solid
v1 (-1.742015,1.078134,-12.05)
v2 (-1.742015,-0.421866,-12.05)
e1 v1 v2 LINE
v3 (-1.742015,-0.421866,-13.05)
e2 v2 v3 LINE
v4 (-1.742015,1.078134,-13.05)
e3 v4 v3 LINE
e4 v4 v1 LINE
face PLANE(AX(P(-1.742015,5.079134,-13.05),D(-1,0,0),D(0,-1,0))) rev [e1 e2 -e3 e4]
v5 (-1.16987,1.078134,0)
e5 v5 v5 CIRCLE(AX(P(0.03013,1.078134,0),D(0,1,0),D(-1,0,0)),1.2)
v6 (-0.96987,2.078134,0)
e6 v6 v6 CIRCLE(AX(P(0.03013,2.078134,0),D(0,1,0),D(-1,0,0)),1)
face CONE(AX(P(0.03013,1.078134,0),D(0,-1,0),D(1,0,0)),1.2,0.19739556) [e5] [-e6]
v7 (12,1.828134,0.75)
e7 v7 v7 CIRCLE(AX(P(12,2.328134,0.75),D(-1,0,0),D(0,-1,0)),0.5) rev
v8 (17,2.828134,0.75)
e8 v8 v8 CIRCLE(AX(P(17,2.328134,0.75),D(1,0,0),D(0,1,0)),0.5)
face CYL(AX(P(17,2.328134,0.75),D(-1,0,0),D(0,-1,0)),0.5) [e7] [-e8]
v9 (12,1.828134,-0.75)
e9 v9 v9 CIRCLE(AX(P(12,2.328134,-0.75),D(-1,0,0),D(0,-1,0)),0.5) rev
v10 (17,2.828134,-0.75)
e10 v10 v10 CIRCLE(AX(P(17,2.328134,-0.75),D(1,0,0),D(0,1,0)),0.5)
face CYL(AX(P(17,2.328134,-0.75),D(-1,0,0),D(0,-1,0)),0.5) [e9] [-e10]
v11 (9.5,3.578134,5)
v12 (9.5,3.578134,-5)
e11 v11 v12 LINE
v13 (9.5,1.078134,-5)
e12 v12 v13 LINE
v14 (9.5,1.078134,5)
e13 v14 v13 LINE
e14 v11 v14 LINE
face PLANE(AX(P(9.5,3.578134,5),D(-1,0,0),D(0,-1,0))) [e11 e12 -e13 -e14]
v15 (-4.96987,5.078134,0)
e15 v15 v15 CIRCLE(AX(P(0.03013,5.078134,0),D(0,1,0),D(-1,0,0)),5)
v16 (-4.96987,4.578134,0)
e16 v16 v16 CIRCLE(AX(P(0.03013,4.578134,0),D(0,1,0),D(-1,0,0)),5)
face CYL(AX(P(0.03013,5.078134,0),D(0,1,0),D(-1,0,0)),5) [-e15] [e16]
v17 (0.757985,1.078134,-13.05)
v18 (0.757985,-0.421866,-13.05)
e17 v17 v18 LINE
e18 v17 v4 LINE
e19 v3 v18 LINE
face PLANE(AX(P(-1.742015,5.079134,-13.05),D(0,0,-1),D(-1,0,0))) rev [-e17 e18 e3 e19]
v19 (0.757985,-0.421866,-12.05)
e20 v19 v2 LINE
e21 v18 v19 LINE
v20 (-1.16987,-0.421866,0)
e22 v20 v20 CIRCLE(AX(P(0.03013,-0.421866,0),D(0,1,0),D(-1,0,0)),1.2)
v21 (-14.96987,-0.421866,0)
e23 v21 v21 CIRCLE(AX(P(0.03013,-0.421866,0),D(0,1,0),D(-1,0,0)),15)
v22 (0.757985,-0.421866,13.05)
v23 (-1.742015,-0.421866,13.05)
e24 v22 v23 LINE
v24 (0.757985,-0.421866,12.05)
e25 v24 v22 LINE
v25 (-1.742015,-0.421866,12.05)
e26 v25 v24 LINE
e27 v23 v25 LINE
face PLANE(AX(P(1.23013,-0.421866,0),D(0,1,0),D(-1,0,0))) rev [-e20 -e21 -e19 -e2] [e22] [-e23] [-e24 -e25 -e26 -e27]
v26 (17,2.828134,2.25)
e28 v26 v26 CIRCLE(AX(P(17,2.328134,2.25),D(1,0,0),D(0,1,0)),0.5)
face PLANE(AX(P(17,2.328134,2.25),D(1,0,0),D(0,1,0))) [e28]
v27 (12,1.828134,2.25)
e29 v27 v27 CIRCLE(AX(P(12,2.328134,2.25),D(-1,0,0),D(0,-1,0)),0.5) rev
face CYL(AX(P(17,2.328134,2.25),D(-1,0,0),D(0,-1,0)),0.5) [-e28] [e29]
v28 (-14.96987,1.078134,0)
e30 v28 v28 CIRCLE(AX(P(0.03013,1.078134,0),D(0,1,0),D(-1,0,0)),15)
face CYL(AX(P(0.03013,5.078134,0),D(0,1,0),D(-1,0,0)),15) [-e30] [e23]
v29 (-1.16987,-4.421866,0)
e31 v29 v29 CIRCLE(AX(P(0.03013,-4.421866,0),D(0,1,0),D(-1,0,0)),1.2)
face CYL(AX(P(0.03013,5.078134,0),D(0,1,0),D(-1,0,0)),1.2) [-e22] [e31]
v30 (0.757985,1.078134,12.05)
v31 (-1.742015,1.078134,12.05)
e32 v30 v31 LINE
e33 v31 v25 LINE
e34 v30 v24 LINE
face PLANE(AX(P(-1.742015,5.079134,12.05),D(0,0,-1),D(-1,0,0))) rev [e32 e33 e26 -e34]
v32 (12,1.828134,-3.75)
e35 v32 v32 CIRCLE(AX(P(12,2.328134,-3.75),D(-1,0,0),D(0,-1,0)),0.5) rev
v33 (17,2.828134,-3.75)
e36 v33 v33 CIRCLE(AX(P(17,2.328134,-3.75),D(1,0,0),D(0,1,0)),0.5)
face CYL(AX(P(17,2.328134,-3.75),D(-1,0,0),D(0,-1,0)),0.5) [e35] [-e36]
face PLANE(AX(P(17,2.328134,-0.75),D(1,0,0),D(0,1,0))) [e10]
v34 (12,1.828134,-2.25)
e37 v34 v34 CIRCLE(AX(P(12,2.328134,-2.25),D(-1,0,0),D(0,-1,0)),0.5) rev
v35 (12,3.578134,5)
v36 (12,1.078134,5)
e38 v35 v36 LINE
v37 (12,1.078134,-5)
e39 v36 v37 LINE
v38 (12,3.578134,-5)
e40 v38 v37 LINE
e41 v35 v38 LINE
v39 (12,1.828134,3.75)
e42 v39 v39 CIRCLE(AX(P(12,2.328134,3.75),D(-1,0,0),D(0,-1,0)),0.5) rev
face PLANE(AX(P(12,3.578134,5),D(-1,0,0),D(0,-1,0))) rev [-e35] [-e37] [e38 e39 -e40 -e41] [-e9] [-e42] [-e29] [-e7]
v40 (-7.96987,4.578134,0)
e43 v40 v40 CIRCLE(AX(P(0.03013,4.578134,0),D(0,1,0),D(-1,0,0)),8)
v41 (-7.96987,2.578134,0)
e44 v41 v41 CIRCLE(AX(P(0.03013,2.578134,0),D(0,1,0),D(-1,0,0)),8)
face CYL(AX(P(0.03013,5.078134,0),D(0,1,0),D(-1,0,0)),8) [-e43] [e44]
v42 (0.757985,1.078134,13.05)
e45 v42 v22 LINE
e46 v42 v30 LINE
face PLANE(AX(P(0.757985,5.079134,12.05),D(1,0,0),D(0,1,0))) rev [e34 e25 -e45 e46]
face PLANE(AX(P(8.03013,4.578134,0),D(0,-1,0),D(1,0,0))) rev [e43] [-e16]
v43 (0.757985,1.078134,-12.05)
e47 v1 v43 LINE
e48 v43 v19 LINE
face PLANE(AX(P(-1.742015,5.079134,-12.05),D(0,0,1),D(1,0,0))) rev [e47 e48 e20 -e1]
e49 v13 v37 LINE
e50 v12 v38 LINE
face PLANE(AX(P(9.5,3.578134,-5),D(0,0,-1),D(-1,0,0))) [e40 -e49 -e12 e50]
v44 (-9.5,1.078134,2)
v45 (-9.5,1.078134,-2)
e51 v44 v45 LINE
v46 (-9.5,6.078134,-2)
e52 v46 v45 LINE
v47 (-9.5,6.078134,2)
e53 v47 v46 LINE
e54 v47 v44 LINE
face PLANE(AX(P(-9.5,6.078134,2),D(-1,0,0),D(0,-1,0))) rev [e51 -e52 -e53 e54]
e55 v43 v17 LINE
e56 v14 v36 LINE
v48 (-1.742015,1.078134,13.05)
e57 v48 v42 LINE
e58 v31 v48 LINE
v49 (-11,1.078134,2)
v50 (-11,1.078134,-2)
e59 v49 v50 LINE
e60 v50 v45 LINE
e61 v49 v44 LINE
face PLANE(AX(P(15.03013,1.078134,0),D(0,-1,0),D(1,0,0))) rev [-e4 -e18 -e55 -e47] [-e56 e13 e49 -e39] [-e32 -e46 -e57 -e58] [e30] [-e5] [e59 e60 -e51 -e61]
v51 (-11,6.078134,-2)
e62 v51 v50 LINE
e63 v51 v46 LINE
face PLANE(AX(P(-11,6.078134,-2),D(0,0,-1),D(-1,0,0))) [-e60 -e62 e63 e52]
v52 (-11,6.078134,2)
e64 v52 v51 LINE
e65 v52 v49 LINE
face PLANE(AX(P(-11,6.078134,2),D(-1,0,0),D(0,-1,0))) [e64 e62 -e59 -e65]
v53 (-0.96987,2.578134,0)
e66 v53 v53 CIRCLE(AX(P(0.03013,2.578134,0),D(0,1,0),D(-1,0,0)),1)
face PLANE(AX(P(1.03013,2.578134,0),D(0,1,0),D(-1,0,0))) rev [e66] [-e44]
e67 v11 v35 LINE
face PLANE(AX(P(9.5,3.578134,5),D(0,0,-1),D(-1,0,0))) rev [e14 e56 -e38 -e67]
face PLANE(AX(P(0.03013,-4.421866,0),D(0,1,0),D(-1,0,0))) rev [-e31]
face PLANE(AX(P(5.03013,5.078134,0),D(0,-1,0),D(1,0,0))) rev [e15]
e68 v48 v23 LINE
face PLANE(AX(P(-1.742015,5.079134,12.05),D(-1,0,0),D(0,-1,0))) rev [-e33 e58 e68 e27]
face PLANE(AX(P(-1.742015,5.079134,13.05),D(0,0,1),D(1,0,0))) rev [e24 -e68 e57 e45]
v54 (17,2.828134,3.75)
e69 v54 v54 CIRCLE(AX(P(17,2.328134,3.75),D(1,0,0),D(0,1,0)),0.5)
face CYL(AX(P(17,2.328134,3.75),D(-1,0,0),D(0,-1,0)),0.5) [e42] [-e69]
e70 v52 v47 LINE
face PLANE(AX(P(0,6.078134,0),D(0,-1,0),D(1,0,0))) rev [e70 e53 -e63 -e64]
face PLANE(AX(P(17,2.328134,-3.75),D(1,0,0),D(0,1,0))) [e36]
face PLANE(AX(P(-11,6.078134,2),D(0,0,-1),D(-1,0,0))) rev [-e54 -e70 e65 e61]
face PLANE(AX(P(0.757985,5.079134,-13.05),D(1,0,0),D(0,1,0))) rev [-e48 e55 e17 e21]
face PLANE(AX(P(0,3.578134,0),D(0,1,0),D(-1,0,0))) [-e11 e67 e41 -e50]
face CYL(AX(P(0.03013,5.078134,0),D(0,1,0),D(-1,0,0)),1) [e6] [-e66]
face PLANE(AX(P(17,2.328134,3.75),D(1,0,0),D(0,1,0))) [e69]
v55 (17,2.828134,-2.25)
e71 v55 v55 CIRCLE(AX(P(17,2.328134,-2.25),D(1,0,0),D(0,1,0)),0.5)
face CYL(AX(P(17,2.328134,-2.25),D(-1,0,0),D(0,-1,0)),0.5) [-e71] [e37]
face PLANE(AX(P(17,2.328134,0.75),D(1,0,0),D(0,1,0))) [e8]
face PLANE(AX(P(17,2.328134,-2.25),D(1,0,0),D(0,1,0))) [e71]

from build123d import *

# Parameters (mm, degrees)
CUT_EXTRUDE1_REACH  = 23.935
SKETCH2_W           = 2.5
SKETCH2_H           = 1
SKETCH3_W           = 1.5
SKETCH3_H           = 4
BOSS_EXTRUDE1_DEPTH = 5
SKETCH3_3_W         = 2.5
SKETCH3_3_H         = 10
BOSS_EXTRUDE2_DEPTH = 2.5
SKETCH5_R           = 0.5
BOSS_EXTRUDE4_DEPTH = 5


with BuildPart() as part:
    # Sketch1 → Revolve1 (revolve)
    with BuildSketch(Plane.XY, mode=Mode.PRIVATE) as revolve1_sk:
        Polygon((0.030129717, -4.421866179), (1.230129717, -4.421866179), (1.230129717, -0.421866179), (15.030129717, -0.421866179), (15.030129717, 1.078133821), (1.230129717, 1.078133821), (1.030129717, 2.078133821), (1.030129717, 2.578133821), (8.030129717, 2.578133821), (8.030129717, 4.578133821), (5.030129717, 4.578133821), (5.030129717, 5.078133821), (0.030129717, 5.078133821), align=None)
    revolve(revolve1_sk.sketch.rotate(Axis((0.030129717, 5.078133821, 0), (0, -1, 0)), 180), axis=Axis((0.030129717, 5.078133821, 0), (0, -1, 0)))

    # Sketch2 → Cut-Extrude1 (cut, up to next)
    with BuildSketch(Plane.XZ.offset(0.421866179), mode=Mode.PRIVATE) as cut_extrude1_sk1:
        with Locations((-0.492014974, -12.55)):
            Rectangle(SKETCH2_W, SKETCH2_H)
    cut_extrude1_tool1 = extrude(cut_extrude1_sk1.sketch, amount=-CUT_EXTRUDE1_REACH, mode=Mode.PRIVATE) & part.part
    # Sketch2 → Cut-Extrude1 (cut, up to next)
    with BuildSketch(Plane.XZ.offset(0.421866179), mode=Mode.PRIVATE) as cut_extrude1_sk2:
        with Locations((-0.492014974, 12.55)):
            Rectangle(SKETCH2_W, SKETCH2_H)
    cut_extrude1_tool2 = extrude(cut_extrude1_sk2.sketch, amount=-CUT_EXTRUDE1_REACH, mode=Mode.PRIVATE) & part.part
    add(cut_extrude1_tool1.solids().sort_by_distance((-0.492015, -0.421866, -12.55))[0], mode=Mode.SUBTRACT)
    add(cut_extrude1_tool2.solids().sort_by_distance((-0.492015, -0.421866, 12.55))[0], mode=Mode.SUBTRACT)

    # Sketch3 → Boss-Extrude1 (add)
    with BuildSketch(Plane(origin=(0, 1.078133821, 0), x_dir=(1, 0, 0), z_dir=(0, 1, 0))):
        with Locations((-10.25, 0)):
            Rectangle(SKETCH3_W, SKETCH3_H)
    extrude(amount=BOSS_EXTRUDE1_DEPTH)

    # Sketch3<3> → Boss-Extrude2 (add)
    with BuildSketch(Plane(origin=(0, 1.078133821, 0), x_dir=(1, 0, 0), z_dir=(0, 1, 0))):
        with Locations((10.75, 0)):
            Rectangle(SKETCH3_3_W, SKETCH3_3_H)
    extrude(amount=BOSS_EXTRUDE2_DEPTH)

    # Sketch5 → Boss-Extrude4 (add)
    with BuildSketch(Plane(origin=(12, 0, 0), x_dir=(0, 0, -1), z_dir=(1, 0, 0))):
        with Locations(Location((-3.75, 2.328133821, 0), (0, 0, 270))):
            Circle(SKETCH5_R)
        with Locations(Location((-2.25, 2.328133821, 0), (0, 0, 270))):
            Circle(SKETCH5_R)
        with Locations(Location((-0.75, 2.328133821, 0), (0, 0, 270))):
            Circle(SKETCH5_R)
        with Locations(Location((0.75, 2.328133821, 0), (0, 0, 270))):
            Circle(SKETCH5_R)
        with Locations(Location((2.25, 2.328133821, 0), (0, 0, 270))):
            Circle(SKETCH5_R)
        with Locations(Location((3.75, 2.328133821, 0), (0, 0, 270))):
            Circle(SKETCH5_R)
    extrude(amount=BOSS_EXTRUDE4_DEPTH)


solid = part.part
